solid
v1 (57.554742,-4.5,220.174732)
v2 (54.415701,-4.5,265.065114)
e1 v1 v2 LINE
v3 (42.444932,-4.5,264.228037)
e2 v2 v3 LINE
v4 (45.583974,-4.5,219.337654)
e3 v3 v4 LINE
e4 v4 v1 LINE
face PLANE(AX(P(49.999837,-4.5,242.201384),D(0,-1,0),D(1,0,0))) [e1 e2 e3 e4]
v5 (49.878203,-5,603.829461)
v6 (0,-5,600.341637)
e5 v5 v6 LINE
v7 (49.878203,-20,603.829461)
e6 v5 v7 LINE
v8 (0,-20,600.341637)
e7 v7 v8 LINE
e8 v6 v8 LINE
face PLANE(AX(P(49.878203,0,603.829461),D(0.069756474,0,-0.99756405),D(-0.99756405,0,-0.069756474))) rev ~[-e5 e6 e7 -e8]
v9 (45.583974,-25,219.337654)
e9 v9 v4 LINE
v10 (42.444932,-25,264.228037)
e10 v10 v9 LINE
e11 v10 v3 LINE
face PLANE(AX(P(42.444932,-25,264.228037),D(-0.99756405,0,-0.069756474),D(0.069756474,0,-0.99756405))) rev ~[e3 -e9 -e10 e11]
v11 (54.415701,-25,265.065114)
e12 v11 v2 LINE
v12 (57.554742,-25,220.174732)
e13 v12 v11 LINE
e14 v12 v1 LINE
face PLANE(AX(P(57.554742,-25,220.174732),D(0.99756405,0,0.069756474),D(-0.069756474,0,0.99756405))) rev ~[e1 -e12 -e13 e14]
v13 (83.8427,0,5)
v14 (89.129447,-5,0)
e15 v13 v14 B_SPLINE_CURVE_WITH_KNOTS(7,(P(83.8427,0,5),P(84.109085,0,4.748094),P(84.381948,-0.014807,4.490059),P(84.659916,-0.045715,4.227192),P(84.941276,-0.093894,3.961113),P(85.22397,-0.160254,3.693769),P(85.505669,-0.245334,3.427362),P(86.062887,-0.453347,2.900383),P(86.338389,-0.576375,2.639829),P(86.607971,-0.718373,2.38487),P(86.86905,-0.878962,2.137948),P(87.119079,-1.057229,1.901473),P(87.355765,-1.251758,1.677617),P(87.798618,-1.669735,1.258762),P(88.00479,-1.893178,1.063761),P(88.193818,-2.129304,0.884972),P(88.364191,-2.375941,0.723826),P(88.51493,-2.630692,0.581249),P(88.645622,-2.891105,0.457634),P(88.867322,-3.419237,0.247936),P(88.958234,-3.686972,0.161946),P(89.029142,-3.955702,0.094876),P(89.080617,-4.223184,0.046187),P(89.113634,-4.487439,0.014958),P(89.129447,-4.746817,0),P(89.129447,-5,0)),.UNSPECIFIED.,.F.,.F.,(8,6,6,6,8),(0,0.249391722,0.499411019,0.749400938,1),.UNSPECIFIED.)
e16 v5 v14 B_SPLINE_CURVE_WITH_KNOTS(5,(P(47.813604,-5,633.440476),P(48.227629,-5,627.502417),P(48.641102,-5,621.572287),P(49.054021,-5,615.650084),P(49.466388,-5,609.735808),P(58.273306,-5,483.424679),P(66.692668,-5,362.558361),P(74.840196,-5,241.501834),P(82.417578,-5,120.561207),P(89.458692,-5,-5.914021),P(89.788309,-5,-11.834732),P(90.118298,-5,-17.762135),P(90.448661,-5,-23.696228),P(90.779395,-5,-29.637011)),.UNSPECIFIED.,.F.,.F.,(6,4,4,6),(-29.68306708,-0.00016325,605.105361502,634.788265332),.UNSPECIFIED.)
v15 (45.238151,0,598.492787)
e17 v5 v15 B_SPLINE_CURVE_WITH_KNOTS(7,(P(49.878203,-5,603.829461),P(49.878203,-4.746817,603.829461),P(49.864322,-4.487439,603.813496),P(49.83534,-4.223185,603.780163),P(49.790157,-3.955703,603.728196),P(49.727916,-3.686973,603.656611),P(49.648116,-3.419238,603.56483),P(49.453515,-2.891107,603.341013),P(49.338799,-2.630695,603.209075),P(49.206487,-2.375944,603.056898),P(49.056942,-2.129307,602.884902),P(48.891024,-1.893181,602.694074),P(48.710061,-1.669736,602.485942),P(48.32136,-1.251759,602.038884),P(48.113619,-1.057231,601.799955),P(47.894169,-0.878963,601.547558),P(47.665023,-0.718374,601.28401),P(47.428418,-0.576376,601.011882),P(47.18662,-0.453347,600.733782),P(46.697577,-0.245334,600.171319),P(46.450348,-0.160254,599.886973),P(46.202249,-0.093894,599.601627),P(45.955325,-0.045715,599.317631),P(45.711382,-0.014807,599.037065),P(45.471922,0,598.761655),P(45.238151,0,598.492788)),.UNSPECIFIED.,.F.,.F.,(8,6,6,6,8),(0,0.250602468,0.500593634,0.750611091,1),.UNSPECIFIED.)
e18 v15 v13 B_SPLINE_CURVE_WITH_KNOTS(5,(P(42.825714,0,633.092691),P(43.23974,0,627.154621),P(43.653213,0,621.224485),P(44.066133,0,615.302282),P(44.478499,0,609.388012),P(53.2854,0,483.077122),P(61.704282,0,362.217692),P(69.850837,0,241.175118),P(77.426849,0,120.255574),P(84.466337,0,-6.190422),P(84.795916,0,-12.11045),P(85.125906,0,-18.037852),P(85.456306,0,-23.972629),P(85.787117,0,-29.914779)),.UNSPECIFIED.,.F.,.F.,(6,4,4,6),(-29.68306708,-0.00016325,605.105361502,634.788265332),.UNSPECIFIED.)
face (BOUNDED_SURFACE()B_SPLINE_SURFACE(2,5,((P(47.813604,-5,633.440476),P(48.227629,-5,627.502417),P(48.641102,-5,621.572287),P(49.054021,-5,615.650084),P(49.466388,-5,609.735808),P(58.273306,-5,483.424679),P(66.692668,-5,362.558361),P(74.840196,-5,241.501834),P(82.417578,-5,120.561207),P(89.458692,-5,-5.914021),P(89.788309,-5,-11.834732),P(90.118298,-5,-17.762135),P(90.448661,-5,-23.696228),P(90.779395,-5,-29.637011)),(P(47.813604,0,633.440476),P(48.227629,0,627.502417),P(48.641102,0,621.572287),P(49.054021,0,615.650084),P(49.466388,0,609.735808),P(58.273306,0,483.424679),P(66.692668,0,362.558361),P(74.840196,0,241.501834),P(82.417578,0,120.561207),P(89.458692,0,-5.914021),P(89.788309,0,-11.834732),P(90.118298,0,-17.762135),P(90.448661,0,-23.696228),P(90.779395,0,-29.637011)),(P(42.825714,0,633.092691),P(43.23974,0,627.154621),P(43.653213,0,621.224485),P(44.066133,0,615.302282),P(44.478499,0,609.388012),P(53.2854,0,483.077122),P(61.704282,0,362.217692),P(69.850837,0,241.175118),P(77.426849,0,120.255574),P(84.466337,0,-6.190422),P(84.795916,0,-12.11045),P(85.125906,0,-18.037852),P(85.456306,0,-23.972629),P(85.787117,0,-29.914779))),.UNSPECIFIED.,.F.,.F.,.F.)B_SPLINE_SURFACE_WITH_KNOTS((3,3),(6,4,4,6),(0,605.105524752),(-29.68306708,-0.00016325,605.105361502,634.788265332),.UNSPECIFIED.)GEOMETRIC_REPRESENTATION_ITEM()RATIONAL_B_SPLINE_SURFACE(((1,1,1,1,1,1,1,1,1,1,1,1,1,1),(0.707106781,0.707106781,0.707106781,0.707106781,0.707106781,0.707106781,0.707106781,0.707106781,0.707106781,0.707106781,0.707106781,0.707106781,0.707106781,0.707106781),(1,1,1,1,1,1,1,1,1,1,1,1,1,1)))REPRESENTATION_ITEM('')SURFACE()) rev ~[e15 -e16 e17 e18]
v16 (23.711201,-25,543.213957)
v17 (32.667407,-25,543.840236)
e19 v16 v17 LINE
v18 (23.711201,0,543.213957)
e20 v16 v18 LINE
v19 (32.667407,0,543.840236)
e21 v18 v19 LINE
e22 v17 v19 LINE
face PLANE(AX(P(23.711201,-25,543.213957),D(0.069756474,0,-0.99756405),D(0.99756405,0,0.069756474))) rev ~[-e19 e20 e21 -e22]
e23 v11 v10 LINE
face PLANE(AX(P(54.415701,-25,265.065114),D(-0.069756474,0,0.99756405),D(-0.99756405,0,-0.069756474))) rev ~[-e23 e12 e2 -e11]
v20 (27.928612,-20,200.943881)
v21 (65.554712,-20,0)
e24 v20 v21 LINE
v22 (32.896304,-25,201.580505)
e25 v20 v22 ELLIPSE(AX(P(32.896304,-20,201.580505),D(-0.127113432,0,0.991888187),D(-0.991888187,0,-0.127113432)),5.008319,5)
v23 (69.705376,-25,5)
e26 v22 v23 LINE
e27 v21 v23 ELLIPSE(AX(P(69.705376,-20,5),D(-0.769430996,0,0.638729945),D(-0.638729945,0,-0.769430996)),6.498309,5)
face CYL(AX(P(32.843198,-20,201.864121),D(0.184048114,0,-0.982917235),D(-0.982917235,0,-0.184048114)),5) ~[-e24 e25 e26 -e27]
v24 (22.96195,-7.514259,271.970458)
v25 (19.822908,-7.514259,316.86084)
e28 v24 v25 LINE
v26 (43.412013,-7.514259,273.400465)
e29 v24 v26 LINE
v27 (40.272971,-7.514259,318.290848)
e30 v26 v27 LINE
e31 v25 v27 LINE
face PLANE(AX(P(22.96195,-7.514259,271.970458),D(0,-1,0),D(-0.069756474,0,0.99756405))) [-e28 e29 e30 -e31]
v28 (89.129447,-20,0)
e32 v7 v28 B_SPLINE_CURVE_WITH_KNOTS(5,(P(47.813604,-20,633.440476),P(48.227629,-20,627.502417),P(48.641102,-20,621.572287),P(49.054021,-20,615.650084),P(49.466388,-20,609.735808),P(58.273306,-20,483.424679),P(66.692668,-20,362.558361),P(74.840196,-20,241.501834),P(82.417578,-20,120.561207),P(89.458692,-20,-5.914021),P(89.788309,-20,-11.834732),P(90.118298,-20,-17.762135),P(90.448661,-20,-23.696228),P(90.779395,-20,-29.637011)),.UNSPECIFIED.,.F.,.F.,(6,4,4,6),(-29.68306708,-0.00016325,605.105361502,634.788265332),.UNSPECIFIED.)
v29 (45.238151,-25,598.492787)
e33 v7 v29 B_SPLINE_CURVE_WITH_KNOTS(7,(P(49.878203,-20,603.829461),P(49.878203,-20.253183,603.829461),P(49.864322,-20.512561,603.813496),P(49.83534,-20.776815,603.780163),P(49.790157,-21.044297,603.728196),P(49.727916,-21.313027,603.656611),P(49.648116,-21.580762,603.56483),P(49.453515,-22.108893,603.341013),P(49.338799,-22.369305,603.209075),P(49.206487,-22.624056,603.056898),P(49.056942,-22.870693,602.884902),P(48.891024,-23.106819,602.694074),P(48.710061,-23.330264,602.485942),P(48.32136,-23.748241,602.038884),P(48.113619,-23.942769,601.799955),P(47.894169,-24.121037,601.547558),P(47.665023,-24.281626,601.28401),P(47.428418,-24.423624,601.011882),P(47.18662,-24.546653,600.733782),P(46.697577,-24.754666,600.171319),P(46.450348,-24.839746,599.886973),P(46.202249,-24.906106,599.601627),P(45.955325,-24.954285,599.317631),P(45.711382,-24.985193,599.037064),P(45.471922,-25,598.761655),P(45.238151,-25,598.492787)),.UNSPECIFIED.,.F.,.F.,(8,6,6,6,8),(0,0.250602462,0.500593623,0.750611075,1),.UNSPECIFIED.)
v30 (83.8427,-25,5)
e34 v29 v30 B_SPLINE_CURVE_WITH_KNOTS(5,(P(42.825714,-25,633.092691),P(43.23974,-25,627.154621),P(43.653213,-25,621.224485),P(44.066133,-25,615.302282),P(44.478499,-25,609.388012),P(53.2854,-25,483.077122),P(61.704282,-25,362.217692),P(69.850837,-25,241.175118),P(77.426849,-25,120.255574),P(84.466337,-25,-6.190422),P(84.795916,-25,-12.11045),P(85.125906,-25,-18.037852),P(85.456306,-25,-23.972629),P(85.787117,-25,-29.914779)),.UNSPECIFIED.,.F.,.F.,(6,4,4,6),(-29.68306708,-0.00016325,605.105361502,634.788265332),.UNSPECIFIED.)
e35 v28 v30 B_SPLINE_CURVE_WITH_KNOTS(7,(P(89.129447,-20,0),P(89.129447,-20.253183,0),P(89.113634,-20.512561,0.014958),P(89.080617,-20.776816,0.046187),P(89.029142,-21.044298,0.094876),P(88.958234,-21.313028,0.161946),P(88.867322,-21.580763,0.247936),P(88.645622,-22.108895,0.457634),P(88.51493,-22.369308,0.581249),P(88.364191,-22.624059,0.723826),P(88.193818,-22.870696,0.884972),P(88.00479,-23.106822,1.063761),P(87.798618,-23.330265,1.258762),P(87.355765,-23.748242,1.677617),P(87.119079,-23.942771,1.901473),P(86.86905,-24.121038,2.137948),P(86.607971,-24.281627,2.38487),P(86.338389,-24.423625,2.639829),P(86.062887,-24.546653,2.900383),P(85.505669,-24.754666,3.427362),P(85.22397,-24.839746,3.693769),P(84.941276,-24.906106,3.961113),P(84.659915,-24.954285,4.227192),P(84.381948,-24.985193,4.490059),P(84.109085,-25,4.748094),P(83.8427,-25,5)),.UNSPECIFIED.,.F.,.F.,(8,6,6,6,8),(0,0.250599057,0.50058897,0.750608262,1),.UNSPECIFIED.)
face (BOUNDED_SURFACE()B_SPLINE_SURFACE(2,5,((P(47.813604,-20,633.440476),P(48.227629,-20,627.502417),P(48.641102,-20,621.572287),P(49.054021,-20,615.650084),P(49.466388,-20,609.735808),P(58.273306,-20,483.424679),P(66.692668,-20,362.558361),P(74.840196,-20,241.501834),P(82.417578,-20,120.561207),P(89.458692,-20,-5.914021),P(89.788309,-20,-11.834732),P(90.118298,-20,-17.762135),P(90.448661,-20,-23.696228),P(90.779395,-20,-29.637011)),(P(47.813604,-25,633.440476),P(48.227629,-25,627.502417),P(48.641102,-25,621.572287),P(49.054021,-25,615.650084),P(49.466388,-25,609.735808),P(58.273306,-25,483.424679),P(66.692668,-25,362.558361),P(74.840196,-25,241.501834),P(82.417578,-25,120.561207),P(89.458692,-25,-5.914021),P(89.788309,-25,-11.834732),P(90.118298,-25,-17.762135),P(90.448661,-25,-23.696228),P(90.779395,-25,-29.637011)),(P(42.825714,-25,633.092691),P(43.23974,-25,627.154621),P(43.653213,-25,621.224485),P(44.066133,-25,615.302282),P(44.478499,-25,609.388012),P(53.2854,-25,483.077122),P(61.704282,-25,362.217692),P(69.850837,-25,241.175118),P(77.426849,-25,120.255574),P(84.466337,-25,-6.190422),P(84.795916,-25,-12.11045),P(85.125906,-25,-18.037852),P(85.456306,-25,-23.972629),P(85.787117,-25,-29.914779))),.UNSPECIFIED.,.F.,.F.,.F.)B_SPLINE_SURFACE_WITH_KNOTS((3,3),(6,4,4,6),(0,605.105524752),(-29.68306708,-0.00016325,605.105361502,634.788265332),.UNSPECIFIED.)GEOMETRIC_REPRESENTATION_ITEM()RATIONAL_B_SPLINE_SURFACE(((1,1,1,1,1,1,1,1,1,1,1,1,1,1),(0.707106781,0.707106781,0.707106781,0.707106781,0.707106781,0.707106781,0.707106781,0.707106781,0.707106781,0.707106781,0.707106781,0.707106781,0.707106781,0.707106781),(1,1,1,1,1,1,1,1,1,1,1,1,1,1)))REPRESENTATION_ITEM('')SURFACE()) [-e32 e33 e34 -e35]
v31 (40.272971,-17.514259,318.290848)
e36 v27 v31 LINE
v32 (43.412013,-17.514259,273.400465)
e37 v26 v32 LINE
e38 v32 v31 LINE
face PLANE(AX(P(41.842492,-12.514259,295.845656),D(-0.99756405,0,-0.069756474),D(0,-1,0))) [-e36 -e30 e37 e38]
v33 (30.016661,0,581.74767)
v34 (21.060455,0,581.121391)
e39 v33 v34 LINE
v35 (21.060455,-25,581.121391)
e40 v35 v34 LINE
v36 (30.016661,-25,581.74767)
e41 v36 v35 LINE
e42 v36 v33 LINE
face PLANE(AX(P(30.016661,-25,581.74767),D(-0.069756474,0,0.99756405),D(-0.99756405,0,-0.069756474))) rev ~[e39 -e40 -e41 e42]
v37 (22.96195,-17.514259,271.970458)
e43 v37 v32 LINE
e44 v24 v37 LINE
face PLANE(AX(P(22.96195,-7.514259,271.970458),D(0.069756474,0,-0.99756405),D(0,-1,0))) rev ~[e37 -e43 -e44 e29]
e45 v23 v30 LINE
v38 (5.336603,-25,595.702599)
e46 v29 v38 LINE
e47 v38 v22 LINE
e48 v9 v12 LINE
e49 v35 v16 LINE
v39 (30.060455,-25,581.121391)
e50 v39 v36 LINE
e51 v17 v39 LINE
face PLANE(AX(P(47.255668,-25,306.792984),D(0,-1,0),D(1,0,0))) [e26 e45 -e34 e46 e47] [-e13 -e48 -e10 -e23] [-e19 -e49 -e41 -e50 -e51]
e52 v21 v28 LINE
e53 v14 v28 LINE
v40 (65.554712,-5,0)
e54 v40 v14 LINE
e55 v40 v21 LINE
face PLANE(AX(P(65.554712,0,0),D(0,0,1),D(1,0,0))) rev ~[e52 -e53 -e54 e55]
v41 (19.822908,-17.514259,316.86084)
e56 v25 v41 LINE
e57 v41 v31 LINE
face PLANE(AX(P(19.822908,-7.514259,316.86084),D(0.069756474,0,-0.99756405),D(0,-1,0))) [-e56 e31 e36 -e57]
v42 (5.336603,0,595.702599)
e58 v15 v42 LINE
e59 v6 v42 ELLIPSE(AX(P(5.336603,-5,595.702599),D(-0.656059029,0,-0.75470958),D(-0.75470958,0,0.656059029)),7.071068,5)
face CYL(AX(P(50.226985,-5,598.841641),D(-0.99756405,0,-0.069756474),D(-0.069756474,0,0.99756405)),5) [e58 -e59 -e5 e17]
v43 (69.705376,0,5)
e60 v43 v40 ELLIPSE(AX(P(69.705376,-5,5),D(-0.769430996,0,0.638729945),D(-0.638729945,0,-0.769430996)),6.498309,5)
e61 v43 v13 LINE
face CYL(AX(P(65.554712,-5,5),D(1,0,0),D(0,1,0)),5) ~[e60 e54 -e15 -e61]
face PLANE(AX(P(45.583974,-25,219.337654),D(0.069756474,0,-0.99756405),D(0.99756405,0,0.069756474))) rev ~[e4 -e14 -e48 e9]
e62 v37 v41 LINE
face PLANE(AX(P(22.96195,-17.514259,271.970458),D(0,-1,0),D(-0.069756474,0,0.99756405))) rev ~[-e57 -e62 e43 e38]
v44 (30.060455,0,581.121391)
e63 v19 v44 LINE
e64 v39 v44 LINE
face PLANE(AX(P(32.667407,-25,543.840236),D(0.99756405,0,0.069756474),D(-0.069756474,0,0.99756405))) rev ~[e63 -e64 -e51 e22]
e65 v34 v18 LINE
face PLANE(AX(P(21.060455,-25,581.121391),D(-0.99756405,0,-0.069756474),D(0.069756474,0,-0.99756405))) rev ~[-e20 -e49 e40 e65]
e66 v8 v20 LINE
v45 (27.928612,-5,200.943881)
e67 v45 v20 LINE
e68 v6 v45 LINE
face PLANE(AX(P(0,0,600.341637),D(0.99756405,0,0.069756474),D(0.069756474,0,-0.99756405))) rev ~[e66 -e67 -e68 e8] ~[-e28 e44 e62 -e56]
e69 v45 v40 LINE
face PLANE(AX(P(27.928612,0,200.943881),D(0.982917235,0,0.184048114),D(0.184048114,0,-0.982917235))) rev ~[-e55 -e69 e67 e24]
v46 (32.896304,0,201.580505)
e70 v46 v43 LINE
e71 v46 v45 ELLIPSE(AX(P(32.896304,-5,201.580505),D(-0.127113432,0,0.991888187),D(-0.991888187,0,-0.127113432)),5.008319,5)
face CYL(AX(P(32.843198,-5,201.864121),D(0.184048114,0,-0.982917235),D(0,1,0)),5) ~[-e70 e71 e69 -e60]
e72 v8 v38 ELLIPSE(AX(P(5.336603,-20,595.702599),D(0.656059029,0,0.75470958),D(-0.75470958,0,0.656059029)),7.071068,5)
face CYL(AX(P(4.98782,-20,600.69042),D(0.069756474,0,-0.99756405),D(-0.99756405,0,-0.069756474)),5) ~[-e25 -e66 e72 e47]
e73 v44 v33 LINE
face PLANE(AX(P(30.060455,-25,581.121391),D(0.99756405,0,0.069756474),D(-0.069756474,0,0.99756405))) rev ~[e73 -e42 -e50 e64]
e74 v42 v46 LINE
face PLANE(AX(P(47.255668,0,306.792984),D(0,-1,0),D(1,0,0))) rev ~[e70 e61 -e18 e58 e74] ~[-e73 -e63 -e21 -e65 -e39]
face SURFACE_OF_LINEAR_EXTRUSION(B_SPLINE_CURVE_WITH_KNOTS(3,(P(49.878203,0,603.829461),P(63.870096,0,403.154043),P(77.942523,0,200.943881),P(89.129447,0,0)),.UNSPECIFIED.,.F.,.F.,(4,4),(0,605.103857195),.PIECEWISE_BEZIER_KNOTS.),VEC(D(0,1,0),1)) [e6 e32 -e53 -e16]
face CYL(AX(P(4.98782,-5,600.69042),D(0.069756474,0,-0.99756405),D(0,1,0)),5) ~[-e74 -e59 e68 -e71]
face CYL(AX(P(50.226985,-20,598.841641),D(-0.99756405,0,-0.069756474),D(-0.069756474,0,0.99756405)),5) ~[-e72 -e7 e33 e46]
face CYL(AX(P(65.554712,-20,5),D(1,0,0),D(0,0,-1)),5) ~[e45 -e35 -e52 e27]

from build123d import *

# Parameters (mm, degrees)
F1_DEPTH  = 25
F2_R      = 5
F3_R      = 5
F4_W      = 10
F4_H      = 45
F5_DEPTH  = 20.5
F7_DEPTH  = 20.5
F9_DEPTH  = 25.5
F10_DEPTH = 25
F11_DEPTH = 25.5


with BuildPart() as f1:
    # F0 (on Front) → F1 (new body)
    with BuildSketch(Plane.XZ):
        with BuildLine():
            Line((49.878202513, 603.8294608564), (0, 600.3416371692))
            Line((0, 600.3416371692), (27.9286118029, 200.9438807629))
            Line((27.9286118029, 200.9438807629), (65.5547118832, 0))
            Line((65.5547118832, 0), (89.1294470023, 0))
            add(Edge.make_bspline(
                [(49.878202513, 603.8294608564), (63.8700964242, 403.1540429087), (77.9425227125, 200.9438807629), (89.1294470023, 0)],
                knots=[0, 0, 0, 0, 605.1038571949, 605.1038571949, 605.1038571949, 605.1038571949], degree=3))
        make_face()
    extrude(amount=F1_DEPTH)

    # F2
    f2_edges = [f1.edges().sort_by_distance(p)[0] for p in [
        (24.939101, -25, 602.085549),
        (13.964306, -25, 400.642759),
        (46.741662, -25, 100.47194),
        (77.342079, -25, 0),
        (70.557856, -25, 301.982638),
    ]]
    fillet(f2_edges, radius=F2_R)

    # F3
    f3_edges = [f1.edges().sort_by_distance(p)[0] for p in [
        (24.939101, 0, 602.085549),
        (13.964306, 0, 400.642759),
        (46.741662, 0, 100.47194),
        (77.342079, 0, 0),
        (70.557856, 0, 301.982638),
    ]]
    fillet(f3_edges, radius=F3_R)

    # F4 (on face) → F5 (cut)
    with BuildSketch(Plane(origin=(41.7757036401, 0, 2.9212417723), x_dir=(0, -1, 0), z_dir=(-0.9975640503, 0, -0.0697564737))):
        with Locations((12.5142587349, 292.2062065856)):
            Rectangle(F4_W, F4_H)
    extrude(amount=-F5_DEPTH, mode=Mode.SUBTRACT)

    # F6 (on face) → F7 (cut)
    with BuildSketch(Plane.XZ.offset(25)):
        Polygon((54.4157008116, 265.0651142862), (42.4449322085, 264.2280366013), (45.583973527, 219.3376543396), (57.5547421301, 220.1747320245), align=None)
    extrude(amount=-F7_DEPTH, mode=Mode.SUBTRACT)

    # F8 (on face) → F9 (cut)
    with BuildSketch(Plane.XZ.offset(25)):
        Polygon((21.0604546075, 581.1213909322), (23.7112006098, 543.2139570224), (32.6674069191, 543.8402359767), (30.0604546075, 581.1213909322), (30.0166609169, 581.7476698866), align=None)
    extrude(amount=-F9_DEPTH, mode=Mode.SUBTRACT)

    # F8 (on face) → F10 (cut)
    with BuildSketch(Plane.XZ.offset(25)):
        Polygon((21.0604546075, 581.1213909322), (23.7112006098, 543.2139570224), (32.6674069191, 543.8402359767), (30.0604546075, 581.1213909322), (30.0166609169, 581.7476698866), align=None)
    extrude(amount=-F10_DEPTH, mode=Mode.SUBTRACT)

    # F8 (on face) → F11 (cut)
    with BuildSketch(Plane.XZ.offset(25)):
        Polygon((21.0604546075, 581.1213909322), (23.7112006098, 543.2139570224), (32.6674069191, 543.8402359767), (30.0604546075, 581.1213909322), (30.0166609169, 581.7476698866), align=None)
    extrude(amount=-F11_DEPTH, mode=Mode.SUBTRACT)


solid = f1.part
